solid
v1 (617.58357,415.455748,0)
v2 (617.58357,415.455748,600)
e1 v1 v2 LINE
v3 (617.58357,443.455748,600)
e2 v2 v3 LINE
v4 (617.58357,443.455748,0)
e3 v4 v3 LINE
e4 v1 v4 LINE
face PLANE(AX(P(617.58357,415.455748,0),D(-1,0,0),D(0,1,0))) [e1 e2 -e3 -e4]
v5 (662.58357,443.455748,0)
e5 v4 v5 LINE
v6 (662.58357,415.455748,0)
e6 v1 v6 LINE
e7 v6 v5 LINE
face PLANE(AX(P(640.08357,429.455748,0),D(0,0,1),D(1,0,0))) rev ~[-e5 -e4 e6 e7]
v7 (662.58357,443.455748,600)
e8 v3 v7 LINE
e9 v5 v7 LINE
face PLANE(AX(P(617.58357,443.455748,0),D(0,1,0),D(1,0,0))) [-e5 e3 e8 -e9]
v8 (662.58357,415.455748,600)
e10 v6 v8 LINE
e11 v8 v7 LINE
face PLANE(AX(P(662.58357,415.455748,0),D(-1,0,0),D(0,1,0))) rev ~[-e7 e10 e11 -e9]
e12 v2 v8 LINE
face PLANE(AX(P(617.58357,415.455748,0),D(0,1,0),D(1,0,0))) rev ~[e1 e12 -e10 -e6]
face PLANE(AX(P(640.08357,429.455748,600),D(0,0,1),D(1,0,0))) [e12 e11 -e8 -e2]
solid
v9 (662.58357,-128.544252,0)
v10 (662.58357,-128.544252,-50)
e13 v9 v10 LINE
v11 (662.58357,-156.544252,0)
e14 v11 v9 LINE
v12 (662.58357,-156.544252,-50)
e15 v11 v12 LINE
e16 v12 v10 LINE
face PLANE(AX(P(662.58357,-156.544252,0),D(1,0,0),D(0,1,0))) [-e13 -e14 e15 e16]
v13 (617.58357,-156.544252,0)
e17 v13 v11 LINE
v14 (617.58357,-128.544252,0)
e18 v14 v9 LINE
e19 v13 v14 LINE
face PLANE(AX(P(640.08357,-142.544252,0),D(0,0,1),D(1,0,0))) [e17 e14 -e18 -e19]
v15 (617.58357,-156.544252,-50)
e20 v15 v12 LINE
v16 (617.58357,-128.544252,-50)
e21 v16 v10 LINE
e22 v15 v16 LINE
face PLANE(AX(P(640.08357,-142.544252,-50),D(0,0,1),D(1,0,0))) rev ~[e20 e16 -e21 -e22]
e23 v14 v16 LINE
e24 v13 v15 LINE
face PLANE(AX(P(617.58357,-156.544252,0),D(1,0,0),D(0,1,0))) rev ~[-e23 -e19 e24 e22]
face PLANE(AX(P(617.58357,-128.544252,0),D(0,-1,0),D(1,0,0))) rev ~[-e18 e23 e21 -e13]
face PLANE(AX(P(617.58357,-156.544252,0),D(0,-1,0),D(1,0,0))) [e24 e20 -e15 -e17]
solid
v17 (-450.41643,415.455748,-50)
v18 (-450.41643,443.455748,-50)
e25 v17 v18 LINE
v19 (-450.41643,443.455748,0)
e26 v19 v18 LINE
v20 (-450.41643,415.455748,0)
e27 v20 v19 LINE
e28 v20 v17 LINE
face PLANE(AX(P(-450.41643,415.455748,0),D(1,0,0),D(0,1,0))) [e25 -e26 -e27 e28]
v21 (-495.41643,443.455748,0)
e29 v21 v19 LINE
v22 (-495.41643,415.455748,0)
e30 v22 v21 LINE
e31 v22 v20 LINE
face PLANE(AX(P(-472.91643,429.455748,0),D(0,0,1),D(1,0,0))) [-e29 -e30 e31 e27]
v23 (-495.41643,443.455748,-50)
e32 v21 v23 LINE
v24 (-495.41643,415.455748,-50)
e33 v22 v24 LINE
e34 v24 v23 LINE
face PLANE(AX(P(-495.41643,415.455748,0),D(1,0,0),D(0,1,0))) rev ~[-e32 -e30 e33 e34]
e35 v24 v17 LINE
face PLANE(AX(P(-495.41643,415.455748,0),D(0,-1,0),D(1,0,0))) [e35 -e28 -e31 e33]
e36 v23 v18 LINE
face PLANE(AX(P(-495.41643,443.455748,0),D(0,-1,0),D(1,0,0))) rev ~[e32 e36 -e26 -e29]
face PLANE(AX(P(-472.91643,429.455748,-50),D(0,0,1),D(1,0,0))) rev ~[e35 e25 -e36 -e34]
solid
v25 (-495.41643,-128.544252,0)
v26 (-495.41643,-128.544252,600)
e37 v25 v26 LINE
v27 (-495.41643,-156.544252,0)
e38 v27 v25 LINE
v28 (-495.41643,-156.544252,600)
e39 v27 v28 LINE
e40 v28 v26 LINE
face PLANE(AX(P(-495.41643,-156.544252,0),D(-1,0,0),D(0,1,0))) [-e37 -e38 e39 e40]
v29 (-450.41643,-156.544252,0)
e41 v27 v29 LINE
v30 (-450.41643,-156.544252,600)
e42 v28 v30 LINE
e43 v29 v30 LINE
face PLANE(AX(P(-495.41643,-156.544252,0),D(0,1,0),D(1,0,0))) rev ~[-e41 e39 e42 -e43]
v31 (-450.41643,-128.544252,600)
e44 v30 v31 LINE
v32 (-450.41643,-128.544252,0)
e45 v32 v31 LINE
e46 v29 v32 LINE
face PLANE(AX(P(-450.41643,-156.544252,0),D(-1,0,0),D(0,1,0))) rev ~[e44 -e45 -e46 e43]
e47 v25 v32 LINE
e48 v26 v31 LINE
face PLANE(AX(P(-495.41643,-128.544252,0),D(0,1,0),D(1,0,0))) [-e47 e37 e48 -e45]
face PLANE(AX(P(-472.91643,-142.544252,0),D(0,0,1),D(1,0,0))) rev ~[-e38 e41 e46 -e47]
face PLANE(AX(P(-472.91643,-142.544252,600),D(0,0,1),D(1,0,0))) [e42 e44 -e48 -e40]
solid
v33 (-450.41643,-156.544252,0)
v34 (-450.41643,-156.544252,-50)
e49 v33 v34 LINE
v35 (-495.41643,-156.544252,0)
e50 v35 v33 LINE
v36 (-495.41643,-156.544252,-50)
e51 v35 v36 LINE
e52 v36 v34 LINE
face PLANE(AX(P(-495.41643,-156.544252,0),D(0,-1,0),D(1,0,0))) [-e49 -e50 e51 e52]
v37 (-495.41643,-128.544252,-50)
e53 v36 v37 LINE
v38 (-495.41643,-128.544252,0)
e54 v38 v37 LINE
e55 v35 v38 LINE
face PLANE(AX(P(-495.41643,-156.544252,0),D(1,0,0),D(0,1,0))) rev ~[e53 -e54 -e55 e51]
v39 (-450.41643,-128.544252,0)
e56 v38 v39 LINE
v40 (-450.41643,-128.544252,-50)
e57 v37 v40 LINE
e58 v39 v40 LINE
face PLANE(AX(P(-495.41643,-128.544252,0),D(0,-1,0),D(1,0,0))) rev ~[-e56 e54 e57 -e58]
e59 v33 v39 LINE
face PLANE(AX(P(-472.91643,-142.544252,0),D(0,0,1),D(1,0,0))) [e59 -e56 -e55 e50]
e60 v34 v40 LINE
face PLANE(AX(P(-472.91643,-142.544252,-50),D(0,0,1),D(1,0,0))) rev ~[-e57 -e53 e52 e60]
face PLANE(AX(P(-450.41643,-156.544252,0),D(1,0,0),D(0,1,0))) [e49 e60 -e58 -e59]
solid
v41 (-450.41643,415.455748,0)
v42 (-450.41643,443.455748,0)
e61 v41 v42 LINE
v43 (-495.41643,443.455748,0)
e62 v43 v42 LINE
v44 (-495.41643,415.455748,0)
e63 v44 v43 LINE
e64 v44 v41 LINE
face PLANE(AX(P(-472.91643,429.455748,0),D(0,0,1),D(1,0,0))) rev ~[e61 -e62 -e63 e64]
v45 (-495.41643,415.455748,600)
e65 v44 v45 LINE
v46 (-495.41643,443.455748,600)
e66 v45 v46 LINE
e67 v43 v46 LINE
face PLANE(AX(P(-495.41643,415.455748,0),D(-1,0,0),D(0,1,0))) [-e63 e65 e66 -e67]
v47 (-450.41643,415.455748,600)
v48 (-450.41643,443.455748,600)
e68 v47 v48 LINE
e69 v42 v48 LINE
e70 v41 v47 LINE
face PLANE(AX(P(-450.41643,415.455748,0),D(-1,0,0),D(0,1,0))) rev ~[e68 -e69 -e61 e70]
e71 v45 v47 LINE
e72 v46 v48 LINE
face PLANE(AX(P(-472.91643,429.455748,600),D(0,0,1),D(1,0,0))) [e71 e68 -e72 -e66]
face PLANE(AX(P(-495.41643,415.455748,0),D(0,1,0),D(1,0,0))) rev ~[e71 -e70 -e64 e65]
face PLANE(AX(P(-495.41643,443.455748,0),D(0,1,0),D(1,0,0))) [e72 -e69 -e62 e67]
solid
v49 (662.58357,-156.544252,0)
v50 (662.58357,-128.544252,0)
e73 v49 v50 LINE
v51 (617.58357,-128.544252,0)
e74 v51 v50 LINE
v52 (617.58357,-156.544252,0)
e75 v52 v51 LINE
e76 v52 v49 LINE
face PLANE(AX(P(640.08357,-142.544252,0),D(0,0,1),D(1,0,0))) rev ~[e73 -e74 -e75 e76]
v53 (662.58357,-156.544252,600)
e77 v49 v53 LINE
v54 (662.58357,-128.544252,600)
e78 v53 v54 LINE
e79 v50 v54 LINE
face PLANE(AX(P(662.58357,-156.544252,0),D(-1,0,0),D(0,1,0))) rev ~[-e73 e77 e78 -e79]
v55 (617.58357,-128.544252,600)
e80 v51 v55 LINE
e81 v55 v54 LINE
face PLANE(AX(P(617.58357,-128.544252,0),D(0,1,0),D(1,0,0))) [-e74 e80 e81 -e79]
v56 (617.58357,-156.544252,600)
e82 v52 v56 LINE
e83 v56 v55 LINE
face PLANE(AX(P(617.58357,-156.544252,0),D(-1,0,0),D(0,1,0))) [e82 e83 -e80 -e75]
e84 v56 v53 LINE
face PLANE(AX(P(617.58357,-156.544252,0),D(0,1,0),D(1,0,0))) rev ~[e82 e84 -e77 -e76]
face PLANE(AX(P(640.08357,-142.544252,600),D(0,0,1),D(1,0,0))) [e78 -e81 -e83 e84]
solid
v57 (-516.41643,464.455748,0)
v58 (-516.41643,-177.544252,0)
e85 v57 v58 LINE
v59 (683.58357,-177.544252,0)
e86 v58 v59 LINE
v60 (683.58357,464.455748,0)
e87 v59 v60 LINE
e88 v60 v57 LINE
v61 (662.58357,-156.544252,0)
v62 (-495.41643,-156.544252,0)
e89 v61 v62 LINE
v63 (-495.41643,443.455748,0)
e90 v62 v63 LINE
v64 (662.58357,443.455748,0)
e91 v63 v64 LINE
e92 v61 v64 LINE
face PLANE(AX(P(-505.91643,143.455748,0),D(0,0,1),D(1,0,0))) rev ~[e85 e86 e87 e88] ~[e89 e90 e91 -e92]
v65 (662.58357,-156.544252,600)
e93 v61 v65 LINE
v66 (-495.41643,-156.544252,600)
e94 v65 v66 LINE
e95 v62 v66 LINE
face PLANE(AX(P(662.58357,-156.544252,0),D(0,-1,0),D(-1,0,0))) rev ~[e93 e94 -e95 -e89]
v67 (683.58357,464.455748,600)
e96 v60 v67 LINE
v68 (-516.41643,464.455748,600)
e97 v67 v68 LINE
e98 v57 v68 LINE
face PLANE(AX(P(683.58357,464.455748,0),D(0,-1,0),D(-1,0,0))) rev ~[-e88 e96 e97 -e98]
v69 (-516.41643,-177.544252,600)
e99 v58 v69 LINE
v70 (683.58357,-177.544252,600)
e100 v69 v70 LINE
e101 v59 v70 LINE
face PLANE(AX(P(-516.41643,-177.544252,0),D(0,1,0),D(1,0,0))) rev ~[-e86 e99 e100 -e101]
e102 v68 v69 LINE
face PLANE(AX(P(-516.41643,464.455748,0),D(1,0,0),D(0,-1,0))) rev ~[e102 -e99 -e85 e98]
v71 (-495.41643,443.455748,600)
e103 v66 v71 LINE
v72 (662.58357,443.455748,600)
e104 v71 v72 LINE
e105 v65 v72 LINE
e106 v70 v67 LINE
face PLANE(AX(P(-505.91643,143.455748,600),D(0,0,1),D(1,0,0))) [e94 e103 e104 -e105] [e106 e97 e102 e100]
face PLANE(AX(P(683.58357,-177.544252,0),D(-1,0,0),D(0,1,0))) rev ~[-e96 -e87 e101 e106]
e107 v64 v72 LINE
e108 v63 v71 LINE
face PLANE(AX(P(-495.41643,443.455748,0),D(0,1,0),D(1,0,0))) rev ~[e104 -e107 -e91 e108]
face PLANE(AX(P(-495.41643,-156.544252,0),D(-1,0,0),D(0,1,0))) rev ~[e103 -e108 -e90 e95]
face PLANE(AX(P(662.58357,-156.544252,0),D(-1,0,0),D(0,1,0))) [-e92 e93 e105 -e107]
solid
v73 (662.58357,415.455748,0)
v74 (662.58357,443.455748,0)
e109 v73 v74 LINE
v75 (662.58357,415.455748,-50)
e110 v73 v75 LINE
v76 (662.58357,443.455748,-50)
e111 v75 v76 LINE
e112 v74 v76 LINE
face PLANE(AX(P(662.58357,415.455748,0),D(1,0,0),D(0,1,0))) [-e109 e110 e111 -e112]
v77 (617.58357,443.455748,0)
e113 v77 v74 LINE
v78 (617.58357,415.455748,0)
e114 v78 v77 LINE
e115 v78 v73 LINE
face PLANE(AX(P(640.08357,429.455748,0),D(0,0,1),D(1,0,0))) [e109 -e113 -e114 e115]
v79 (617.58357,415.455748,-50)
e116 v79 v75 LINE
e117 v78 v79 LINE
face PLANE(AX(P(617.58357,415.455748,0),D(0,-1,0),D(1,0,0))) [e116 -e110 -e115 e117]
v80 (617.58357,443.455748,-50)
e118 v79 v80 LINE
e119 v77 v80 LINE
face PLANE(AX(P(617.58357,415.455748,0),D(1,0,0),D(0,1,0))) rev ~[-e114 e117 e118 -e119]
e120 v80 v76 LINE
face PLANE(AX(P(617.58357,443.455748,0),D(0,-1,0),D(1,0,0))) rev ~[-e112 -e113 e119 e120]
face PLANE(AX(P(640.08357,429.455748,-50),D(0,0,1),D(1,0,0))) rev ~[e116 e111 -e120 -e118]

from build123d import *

# Parameters (mm, degrees)
F0_W     = 21
F0_H     = 600
F1_DEPTH = 600
F2_W     = 45
F2_H     = 28
F3_DEPTH = 600
F4_DEPTH = 50


with BuildPart() as f1:
    # F0 (on Top) → F1 (new body)
    with BuildSketch(Plane.XY):
        with Locations((-505.91643, 143.455748)):
            Rectangle(F0_W, F0_H)
        Polygon((-495.41643, -156.544252), (-516.41643, -156.544252), (-516.41643, -177.544252), (683.58357, -177.544252), (683.58357, -156.544252), (662.58357, -156.544252), align=None)
        Polygon((-516.41643, 464.455748), (-516.41643, 443.455748), (-495.41643, 443.455748), (662.58357, 443.455748), (683.58357, 443.455748), (683.58357, 464.455748), align=None)
        with Locations((673.08357, 143.455748)):
            Rectangle(F0_W, F0_H)
    extrude(amount=F1_DEPTH)


with BuildPart() as f3:
    # F2 (on Top) → F3 (new body)
    with BuildSketch(Plane.XY):
        with Locations((-472.91643, 429.455748)):
            Rectangle(F2_W, F2_H)
        with Locations((640.08357, 429.455748)):
            Rectangle(F2_W, F2_H)
        with Locations((640.08357, -142.544252)):
            Rectangle(F2_W, F2_H)
        with Locations((-472.91643, -142.544252)):
            Rectangle(F2_W, F2_H)
    extrude(amount=F3_DEPTH)


with BuildPart() as f4:
    # F2 (on Top) → F4 (new body)
    with BuildSketch(Plane.XY):
        with Locations((-472.91643, 429.455748)):
            Rectangle(F2_W, F2_H)
        with Locations((640.08357, 429.455748)):
            Rectangle(F2_W, F2_H)
        with Locations((640.08357, -142.544252)):
            Rectangle(F2_W, F2_H)
        with Locations((-472.91643, -142.544252)):
            Rectangle(F2_W, F2_H)
    extrude(amount=-F4_DEPTH)


solid = Compound([f1.part, f3.part, f4.part])
